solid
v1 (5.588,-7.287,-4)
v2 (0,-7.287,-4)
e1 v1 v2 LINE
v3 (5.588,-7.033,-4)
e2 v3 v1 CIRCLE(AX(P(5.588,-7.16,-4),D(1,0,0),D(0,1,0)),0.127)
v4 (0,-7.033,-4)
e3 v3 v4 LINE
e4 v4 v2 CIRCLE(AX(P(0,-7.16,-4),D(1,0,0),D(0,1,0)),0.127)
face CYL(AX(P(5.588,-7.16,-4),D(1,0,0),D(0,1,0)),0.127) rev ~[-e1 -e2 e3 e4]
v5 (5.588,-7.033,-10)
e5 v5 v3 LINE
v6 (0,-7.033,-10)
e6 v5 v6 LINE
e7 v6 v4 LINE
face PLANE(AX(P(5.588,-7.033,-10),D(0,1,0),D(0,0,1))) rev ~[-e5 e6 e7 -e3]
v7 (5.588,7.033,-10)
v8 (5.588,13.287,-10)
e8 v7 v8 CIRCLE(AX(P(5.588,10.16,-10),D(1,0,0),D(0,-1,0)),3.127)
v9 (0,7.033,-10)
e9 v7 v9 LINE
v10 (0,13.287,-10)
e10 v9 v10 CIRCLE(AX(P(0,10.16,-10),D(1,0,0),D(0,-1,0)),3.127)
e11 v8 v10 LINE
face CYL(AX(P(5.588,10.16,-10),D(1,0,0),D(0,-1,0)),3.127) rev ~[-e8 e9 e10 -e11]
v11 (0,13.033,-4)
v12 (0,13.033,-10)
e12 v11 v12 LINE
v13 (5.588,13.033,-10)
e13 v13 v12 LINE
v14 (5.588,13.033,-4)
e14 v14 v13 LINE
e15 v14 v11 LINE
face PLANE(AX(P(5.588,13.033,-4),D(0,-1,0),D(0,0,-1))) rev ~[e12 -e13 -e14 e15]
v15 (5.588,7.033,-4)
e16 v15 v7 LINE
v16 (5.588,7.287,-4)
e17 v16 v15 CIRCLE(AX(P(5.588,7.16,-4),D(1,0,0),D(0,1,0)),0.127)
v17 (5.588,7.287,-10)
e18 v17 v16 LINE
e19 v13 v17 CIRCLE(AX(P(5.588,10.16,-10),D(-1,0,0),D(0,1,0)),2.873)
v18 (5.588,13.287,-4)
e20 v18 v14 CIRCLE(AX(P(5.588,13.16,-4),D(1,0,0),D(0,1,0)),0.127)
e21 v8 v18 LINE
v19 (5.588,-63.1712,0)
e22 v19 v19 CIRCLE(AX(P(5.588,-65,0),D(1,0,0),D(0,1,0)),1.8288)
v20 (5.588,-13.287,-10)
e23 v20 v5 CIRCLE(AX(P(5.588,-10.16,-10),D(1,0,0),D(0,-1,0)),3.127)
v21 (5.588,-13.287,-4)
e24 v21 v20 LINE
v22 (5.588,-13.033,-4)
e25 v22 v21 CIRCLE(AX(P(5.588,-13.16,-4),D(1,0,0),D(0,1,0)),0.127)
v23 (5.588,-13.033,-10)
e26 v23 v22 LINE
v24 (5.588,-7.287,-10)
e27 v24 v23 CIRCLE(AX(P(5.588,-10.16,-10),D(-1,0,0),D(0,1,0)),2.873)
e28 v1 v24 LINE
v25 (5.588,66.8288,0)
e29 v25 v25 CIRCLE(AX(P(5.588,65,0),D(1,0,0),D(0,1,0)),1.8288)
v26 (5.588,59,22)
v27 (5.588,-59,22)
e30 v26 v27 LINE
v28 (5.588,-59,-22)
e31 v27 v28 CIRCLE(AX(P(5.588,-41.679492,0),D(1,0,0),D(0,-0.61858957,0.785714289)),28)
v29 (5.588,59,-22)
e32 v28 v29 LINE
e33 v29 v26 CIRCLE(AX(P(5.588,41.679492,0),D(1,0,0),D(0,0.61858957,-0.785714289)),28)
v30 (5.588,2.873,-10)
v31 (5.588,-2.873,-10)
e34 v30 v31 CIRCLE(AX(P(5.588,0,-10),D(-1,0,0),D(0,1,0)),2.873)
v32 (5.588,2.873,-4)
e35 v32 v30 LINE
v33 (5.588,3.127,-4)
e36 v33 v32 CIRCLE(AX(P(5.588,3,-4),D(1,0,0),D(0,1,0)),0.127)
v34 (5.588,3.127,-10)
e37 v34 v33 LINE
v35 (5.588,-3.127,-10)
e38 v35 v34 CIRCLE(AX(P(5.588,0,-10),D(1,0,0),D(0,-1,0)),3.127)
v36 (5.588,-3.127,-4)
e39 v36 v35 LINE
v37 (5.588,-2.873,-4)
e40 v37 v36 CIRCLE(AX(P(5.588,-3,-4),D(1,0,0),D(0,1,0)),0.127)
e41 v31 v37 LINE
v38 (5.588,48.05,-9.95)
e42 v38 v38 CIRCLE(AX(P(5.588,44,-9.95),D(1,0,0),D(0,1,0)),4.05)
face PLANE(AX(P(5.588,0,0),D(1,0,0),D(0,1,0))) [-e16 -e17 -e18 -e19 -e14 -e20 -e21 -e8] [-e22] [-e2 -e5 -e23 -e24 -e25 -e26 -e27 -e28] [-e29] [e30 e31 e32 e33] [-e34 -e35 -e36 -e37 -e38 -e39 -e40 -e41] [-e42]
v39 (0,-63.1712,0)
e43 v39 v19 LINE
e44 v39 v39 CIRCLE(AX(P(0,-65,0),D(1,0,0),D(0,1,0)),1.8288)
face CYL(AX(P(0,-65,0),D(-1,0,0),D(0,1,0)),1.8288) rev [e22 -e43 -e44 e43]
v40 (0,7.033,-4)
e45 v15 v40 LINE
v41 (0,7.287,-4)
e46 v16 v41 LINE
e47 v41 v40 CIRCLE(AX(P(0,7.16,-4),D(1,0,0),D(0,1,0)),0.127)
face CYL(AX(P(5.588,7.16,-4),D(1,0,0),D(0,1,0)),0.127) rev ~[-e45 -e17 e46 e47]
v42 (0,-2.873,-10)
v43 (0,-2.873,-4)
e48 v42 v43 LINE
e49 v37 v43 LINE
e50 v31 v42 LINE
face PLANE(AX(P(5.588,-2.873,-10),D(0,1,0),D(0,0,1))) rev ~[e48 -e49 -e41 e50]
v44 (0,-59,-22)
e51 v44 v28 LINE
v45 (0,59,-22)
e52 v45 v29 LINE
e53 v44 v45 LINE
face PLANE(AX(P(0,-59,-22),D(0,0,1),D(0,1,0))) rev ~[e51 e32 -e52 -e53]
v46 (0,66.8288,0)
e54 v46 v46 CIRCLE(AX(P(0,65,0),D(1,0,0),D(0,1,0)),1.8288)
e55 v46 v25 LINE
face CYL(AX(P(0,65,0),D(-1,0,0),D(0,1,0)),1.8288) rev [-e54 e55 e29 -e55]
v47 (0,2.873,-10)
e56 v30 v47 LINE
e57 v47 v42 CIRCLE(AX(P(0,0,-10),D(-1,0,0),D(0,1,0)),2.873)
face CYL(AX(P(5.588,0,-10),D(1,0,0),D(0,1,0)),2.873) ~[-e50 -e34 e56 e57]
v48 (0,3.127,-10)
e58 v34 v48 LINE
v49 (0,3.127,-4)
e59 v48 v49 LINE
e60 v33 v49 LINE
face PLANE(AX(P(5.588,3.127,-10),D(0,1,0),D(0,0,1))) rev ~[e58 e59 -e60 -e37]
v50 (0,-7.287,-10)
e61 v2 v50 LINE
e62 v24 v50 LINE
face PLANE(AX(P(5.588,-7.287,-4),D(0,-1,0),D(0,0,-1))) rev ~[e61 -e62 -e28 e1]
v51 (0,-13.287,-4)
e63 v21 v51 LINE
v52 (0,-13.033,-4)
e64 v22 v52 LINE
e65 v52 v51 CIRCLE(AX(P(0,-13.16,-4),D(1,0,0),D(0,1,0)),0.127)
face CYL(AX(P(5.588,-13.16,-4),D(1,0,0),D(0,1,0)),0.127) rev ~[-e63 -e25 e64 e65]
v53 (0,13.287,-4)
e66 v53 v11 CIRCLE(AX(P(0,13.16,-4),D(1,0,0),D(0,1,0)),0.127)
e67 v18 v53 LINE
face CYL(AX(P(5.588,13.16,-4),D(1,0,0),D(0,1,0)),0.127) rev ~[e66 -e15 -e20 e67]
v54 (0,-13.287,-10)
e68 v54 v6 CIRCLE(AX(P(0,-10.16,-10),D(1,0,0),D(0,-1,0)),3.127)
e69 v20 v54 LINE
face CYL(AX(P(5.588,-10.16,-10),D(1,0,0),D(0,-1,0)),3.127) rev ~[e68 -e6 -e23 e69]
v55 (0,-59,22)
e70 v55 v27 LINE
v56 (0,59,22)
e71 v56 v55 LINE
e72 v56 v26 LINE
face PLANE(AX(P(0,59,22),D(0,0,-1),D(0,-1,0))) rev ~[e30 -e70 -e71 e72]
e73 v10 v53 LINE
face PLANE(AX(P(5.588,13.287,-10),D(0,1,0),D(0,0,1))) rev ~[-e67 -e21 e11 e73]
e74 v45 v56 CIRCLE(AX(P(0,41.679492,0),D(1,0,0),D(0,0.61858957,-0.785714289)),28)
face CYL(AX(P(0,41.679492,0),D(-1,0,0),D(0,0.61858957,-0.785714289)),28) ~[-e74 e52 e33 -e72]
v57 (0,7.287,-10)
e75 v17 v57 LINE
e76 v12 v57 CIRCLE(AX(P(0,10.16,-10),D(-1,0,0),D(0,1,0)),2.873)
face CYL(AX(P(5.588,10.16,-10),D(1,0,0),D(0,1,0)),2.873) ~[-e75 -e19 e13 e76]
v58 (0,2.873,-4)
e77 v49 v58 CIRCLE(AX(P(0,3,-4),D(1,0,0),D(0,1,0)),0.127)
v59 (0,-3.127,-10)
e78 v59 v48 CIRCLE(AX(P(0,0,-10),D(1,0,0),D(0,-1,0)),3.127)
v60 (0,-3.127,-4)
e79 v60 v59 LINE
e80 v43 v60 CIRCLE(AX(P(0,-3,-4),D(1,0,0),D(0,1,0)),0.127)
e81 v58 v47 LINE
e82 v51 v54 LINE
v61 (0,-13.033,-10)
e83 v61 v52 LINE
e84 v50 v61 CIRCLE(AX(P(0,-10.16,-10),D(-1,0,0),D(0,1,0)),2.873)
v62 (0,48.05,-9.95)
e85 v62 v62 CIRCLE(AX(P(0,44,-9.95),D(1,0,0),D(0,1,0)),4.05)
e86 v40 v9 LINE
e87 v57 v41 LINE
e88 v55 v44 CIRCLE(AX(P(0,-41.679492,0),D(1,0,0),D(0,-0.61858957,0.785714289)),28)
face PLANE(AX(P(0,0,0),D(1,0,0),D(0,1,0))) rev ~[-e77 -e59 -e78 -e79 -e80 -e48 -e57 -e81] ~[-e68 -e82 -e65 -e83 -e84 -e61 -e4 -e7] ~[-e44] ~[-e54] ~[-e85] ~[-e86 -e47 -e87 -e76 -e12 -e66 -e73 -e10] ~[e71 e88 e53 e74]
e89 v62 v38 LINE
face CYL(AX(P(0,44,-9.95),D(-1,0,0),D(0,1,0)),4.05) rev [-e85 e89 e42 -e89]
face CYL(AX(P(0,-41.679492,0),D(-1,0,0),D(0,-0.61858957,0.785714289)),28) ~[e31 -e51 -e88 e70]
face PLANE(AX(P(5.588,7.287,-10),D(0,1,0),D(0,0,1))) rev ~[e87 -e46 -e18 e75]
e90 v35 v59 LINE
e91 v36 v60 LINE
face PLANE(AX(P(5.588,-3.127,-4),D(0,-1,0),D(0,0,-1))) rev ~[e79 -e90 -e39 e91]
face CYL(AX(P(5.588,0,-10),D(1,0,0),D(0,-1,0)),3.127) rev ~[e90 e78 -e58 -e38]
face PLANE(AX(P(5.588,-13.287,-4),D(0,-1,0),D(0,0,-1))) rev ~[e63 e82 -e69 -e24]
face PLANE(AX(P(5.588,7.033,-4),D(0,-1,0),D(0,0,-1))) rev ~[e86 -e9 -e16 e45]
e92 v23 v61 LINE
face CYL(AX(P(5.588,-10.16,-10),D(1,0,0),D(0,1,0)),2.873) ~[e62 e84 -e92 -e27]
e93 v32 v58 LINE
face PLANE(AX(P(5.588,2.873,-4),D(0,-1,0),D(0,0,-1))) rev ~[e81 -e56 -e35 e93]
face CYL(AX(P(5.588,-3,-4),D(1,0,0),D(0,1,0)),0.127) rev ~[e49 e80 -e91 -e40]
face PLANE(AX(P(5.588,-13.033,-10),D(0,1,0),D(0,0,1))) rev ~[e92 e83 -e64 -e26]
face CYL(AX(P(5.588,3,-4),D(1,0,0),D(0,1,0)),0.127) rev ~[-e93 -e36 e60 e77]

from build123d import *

# Parameters (mm, degrees)
F0_R     = 4.05
F0_R_2   = 1.8288
F1_DEPTH = 5.588
F3_DEPTH = 5.588


with BuildPart() as f1:
    # F0 (on Right) → F1 (new body)
    with BuildSketch(Plane.YZ):
        with BuildLine():
            ThreePointArc((59, -22), (69.679492, 0), (59, 22))
            Line((59, 22), (-59, 22))
            ThreePointArc((-59, 22), (-69.679492, 0), (-59, -22))
            Line((-59, -22), (59, -22))
        make_face()
        with Locations((44, -9.95)):
            Circle(F0_R, mode=Mode.SUBTRACT)
        with Locations((-65, 0)):
            Circle(F0_R_2, mode=Mode.SUBTRACT)
        with Locations((65, 0)):
            Circle(F0_R_2, mode=Mode.SUBTRACT)
    extrude(amount=F1_DEPTH)

    # F2 (on face) → F3 (cut, through all)
    with BuildSketch(Plane.YZ.offset(5.588)):
        with BuildLine():
            ThreePointArc((7.287, -4), (7.16, -3.873), (7.033, -4))
            Line((7.033, -4), (7.033, -10))
            ThreePointArc((7.033, -10), (10.16, -13.127), (13.287, -10))
            Line((13.287, -10), (13.287, -4))
            ThreePointArc((13.287, -4), (13.16, -3.873), (13.033, -4))
            Line((13.033, -4), (13.033, -10))
            ThreePointArc((13.033, -10), (10.16, -12.873), (7.287, -10))
            Line((7.287, -10), (7.287, -4))
        make_face()
        with BuildLine():
            ThreePointArc((2.873, -10), (0, -12.873), (-2.873, -10))
            Line((-2.873, -10), (-2.873, -4))
            ThreePointArc((-2.873, -4), (-3, -3.873), (-3.127, -4))
            Line((-3.127, -4), (-3.127, -10))
            ThreePointArc((-3.127, -10), (0, -13.127), (3.127, -10))
            Line((3.127, -10), (3.127, -4))
            ThreePointArc((3.127, -4), (3, -3.873), (2.873, -4))
            Line((2.873, -4), (2.873, -10))
        make_face()
        with BuildLine():
            ThreePointArc((-7.287, -10), (-10.16, -12.873), (-13.033, -10))
            Line((-13.033, -10), (-13.033, -4))
            ThreePointArc((-13.033, -4), (-13.16, -3.873), (-13.287, -4))
            Line((-13.287, -4), (-13.287, -10))
            ThreePointArc((-13.287, -10), (-10.16, -13.127), (-7.033, -10))
            Line((-7.033, -10), (-7.033, -4))
            ThreePointArc((-7.033, -4), (-7.16, -3.873), (-7.287, -4))
            Line((-7.287, -4), (-7.287, -10))
        make_face()
    extrude(amount=-F3_DEPTH, mode=Mode.SUBTRACT)


solid = f1.part
